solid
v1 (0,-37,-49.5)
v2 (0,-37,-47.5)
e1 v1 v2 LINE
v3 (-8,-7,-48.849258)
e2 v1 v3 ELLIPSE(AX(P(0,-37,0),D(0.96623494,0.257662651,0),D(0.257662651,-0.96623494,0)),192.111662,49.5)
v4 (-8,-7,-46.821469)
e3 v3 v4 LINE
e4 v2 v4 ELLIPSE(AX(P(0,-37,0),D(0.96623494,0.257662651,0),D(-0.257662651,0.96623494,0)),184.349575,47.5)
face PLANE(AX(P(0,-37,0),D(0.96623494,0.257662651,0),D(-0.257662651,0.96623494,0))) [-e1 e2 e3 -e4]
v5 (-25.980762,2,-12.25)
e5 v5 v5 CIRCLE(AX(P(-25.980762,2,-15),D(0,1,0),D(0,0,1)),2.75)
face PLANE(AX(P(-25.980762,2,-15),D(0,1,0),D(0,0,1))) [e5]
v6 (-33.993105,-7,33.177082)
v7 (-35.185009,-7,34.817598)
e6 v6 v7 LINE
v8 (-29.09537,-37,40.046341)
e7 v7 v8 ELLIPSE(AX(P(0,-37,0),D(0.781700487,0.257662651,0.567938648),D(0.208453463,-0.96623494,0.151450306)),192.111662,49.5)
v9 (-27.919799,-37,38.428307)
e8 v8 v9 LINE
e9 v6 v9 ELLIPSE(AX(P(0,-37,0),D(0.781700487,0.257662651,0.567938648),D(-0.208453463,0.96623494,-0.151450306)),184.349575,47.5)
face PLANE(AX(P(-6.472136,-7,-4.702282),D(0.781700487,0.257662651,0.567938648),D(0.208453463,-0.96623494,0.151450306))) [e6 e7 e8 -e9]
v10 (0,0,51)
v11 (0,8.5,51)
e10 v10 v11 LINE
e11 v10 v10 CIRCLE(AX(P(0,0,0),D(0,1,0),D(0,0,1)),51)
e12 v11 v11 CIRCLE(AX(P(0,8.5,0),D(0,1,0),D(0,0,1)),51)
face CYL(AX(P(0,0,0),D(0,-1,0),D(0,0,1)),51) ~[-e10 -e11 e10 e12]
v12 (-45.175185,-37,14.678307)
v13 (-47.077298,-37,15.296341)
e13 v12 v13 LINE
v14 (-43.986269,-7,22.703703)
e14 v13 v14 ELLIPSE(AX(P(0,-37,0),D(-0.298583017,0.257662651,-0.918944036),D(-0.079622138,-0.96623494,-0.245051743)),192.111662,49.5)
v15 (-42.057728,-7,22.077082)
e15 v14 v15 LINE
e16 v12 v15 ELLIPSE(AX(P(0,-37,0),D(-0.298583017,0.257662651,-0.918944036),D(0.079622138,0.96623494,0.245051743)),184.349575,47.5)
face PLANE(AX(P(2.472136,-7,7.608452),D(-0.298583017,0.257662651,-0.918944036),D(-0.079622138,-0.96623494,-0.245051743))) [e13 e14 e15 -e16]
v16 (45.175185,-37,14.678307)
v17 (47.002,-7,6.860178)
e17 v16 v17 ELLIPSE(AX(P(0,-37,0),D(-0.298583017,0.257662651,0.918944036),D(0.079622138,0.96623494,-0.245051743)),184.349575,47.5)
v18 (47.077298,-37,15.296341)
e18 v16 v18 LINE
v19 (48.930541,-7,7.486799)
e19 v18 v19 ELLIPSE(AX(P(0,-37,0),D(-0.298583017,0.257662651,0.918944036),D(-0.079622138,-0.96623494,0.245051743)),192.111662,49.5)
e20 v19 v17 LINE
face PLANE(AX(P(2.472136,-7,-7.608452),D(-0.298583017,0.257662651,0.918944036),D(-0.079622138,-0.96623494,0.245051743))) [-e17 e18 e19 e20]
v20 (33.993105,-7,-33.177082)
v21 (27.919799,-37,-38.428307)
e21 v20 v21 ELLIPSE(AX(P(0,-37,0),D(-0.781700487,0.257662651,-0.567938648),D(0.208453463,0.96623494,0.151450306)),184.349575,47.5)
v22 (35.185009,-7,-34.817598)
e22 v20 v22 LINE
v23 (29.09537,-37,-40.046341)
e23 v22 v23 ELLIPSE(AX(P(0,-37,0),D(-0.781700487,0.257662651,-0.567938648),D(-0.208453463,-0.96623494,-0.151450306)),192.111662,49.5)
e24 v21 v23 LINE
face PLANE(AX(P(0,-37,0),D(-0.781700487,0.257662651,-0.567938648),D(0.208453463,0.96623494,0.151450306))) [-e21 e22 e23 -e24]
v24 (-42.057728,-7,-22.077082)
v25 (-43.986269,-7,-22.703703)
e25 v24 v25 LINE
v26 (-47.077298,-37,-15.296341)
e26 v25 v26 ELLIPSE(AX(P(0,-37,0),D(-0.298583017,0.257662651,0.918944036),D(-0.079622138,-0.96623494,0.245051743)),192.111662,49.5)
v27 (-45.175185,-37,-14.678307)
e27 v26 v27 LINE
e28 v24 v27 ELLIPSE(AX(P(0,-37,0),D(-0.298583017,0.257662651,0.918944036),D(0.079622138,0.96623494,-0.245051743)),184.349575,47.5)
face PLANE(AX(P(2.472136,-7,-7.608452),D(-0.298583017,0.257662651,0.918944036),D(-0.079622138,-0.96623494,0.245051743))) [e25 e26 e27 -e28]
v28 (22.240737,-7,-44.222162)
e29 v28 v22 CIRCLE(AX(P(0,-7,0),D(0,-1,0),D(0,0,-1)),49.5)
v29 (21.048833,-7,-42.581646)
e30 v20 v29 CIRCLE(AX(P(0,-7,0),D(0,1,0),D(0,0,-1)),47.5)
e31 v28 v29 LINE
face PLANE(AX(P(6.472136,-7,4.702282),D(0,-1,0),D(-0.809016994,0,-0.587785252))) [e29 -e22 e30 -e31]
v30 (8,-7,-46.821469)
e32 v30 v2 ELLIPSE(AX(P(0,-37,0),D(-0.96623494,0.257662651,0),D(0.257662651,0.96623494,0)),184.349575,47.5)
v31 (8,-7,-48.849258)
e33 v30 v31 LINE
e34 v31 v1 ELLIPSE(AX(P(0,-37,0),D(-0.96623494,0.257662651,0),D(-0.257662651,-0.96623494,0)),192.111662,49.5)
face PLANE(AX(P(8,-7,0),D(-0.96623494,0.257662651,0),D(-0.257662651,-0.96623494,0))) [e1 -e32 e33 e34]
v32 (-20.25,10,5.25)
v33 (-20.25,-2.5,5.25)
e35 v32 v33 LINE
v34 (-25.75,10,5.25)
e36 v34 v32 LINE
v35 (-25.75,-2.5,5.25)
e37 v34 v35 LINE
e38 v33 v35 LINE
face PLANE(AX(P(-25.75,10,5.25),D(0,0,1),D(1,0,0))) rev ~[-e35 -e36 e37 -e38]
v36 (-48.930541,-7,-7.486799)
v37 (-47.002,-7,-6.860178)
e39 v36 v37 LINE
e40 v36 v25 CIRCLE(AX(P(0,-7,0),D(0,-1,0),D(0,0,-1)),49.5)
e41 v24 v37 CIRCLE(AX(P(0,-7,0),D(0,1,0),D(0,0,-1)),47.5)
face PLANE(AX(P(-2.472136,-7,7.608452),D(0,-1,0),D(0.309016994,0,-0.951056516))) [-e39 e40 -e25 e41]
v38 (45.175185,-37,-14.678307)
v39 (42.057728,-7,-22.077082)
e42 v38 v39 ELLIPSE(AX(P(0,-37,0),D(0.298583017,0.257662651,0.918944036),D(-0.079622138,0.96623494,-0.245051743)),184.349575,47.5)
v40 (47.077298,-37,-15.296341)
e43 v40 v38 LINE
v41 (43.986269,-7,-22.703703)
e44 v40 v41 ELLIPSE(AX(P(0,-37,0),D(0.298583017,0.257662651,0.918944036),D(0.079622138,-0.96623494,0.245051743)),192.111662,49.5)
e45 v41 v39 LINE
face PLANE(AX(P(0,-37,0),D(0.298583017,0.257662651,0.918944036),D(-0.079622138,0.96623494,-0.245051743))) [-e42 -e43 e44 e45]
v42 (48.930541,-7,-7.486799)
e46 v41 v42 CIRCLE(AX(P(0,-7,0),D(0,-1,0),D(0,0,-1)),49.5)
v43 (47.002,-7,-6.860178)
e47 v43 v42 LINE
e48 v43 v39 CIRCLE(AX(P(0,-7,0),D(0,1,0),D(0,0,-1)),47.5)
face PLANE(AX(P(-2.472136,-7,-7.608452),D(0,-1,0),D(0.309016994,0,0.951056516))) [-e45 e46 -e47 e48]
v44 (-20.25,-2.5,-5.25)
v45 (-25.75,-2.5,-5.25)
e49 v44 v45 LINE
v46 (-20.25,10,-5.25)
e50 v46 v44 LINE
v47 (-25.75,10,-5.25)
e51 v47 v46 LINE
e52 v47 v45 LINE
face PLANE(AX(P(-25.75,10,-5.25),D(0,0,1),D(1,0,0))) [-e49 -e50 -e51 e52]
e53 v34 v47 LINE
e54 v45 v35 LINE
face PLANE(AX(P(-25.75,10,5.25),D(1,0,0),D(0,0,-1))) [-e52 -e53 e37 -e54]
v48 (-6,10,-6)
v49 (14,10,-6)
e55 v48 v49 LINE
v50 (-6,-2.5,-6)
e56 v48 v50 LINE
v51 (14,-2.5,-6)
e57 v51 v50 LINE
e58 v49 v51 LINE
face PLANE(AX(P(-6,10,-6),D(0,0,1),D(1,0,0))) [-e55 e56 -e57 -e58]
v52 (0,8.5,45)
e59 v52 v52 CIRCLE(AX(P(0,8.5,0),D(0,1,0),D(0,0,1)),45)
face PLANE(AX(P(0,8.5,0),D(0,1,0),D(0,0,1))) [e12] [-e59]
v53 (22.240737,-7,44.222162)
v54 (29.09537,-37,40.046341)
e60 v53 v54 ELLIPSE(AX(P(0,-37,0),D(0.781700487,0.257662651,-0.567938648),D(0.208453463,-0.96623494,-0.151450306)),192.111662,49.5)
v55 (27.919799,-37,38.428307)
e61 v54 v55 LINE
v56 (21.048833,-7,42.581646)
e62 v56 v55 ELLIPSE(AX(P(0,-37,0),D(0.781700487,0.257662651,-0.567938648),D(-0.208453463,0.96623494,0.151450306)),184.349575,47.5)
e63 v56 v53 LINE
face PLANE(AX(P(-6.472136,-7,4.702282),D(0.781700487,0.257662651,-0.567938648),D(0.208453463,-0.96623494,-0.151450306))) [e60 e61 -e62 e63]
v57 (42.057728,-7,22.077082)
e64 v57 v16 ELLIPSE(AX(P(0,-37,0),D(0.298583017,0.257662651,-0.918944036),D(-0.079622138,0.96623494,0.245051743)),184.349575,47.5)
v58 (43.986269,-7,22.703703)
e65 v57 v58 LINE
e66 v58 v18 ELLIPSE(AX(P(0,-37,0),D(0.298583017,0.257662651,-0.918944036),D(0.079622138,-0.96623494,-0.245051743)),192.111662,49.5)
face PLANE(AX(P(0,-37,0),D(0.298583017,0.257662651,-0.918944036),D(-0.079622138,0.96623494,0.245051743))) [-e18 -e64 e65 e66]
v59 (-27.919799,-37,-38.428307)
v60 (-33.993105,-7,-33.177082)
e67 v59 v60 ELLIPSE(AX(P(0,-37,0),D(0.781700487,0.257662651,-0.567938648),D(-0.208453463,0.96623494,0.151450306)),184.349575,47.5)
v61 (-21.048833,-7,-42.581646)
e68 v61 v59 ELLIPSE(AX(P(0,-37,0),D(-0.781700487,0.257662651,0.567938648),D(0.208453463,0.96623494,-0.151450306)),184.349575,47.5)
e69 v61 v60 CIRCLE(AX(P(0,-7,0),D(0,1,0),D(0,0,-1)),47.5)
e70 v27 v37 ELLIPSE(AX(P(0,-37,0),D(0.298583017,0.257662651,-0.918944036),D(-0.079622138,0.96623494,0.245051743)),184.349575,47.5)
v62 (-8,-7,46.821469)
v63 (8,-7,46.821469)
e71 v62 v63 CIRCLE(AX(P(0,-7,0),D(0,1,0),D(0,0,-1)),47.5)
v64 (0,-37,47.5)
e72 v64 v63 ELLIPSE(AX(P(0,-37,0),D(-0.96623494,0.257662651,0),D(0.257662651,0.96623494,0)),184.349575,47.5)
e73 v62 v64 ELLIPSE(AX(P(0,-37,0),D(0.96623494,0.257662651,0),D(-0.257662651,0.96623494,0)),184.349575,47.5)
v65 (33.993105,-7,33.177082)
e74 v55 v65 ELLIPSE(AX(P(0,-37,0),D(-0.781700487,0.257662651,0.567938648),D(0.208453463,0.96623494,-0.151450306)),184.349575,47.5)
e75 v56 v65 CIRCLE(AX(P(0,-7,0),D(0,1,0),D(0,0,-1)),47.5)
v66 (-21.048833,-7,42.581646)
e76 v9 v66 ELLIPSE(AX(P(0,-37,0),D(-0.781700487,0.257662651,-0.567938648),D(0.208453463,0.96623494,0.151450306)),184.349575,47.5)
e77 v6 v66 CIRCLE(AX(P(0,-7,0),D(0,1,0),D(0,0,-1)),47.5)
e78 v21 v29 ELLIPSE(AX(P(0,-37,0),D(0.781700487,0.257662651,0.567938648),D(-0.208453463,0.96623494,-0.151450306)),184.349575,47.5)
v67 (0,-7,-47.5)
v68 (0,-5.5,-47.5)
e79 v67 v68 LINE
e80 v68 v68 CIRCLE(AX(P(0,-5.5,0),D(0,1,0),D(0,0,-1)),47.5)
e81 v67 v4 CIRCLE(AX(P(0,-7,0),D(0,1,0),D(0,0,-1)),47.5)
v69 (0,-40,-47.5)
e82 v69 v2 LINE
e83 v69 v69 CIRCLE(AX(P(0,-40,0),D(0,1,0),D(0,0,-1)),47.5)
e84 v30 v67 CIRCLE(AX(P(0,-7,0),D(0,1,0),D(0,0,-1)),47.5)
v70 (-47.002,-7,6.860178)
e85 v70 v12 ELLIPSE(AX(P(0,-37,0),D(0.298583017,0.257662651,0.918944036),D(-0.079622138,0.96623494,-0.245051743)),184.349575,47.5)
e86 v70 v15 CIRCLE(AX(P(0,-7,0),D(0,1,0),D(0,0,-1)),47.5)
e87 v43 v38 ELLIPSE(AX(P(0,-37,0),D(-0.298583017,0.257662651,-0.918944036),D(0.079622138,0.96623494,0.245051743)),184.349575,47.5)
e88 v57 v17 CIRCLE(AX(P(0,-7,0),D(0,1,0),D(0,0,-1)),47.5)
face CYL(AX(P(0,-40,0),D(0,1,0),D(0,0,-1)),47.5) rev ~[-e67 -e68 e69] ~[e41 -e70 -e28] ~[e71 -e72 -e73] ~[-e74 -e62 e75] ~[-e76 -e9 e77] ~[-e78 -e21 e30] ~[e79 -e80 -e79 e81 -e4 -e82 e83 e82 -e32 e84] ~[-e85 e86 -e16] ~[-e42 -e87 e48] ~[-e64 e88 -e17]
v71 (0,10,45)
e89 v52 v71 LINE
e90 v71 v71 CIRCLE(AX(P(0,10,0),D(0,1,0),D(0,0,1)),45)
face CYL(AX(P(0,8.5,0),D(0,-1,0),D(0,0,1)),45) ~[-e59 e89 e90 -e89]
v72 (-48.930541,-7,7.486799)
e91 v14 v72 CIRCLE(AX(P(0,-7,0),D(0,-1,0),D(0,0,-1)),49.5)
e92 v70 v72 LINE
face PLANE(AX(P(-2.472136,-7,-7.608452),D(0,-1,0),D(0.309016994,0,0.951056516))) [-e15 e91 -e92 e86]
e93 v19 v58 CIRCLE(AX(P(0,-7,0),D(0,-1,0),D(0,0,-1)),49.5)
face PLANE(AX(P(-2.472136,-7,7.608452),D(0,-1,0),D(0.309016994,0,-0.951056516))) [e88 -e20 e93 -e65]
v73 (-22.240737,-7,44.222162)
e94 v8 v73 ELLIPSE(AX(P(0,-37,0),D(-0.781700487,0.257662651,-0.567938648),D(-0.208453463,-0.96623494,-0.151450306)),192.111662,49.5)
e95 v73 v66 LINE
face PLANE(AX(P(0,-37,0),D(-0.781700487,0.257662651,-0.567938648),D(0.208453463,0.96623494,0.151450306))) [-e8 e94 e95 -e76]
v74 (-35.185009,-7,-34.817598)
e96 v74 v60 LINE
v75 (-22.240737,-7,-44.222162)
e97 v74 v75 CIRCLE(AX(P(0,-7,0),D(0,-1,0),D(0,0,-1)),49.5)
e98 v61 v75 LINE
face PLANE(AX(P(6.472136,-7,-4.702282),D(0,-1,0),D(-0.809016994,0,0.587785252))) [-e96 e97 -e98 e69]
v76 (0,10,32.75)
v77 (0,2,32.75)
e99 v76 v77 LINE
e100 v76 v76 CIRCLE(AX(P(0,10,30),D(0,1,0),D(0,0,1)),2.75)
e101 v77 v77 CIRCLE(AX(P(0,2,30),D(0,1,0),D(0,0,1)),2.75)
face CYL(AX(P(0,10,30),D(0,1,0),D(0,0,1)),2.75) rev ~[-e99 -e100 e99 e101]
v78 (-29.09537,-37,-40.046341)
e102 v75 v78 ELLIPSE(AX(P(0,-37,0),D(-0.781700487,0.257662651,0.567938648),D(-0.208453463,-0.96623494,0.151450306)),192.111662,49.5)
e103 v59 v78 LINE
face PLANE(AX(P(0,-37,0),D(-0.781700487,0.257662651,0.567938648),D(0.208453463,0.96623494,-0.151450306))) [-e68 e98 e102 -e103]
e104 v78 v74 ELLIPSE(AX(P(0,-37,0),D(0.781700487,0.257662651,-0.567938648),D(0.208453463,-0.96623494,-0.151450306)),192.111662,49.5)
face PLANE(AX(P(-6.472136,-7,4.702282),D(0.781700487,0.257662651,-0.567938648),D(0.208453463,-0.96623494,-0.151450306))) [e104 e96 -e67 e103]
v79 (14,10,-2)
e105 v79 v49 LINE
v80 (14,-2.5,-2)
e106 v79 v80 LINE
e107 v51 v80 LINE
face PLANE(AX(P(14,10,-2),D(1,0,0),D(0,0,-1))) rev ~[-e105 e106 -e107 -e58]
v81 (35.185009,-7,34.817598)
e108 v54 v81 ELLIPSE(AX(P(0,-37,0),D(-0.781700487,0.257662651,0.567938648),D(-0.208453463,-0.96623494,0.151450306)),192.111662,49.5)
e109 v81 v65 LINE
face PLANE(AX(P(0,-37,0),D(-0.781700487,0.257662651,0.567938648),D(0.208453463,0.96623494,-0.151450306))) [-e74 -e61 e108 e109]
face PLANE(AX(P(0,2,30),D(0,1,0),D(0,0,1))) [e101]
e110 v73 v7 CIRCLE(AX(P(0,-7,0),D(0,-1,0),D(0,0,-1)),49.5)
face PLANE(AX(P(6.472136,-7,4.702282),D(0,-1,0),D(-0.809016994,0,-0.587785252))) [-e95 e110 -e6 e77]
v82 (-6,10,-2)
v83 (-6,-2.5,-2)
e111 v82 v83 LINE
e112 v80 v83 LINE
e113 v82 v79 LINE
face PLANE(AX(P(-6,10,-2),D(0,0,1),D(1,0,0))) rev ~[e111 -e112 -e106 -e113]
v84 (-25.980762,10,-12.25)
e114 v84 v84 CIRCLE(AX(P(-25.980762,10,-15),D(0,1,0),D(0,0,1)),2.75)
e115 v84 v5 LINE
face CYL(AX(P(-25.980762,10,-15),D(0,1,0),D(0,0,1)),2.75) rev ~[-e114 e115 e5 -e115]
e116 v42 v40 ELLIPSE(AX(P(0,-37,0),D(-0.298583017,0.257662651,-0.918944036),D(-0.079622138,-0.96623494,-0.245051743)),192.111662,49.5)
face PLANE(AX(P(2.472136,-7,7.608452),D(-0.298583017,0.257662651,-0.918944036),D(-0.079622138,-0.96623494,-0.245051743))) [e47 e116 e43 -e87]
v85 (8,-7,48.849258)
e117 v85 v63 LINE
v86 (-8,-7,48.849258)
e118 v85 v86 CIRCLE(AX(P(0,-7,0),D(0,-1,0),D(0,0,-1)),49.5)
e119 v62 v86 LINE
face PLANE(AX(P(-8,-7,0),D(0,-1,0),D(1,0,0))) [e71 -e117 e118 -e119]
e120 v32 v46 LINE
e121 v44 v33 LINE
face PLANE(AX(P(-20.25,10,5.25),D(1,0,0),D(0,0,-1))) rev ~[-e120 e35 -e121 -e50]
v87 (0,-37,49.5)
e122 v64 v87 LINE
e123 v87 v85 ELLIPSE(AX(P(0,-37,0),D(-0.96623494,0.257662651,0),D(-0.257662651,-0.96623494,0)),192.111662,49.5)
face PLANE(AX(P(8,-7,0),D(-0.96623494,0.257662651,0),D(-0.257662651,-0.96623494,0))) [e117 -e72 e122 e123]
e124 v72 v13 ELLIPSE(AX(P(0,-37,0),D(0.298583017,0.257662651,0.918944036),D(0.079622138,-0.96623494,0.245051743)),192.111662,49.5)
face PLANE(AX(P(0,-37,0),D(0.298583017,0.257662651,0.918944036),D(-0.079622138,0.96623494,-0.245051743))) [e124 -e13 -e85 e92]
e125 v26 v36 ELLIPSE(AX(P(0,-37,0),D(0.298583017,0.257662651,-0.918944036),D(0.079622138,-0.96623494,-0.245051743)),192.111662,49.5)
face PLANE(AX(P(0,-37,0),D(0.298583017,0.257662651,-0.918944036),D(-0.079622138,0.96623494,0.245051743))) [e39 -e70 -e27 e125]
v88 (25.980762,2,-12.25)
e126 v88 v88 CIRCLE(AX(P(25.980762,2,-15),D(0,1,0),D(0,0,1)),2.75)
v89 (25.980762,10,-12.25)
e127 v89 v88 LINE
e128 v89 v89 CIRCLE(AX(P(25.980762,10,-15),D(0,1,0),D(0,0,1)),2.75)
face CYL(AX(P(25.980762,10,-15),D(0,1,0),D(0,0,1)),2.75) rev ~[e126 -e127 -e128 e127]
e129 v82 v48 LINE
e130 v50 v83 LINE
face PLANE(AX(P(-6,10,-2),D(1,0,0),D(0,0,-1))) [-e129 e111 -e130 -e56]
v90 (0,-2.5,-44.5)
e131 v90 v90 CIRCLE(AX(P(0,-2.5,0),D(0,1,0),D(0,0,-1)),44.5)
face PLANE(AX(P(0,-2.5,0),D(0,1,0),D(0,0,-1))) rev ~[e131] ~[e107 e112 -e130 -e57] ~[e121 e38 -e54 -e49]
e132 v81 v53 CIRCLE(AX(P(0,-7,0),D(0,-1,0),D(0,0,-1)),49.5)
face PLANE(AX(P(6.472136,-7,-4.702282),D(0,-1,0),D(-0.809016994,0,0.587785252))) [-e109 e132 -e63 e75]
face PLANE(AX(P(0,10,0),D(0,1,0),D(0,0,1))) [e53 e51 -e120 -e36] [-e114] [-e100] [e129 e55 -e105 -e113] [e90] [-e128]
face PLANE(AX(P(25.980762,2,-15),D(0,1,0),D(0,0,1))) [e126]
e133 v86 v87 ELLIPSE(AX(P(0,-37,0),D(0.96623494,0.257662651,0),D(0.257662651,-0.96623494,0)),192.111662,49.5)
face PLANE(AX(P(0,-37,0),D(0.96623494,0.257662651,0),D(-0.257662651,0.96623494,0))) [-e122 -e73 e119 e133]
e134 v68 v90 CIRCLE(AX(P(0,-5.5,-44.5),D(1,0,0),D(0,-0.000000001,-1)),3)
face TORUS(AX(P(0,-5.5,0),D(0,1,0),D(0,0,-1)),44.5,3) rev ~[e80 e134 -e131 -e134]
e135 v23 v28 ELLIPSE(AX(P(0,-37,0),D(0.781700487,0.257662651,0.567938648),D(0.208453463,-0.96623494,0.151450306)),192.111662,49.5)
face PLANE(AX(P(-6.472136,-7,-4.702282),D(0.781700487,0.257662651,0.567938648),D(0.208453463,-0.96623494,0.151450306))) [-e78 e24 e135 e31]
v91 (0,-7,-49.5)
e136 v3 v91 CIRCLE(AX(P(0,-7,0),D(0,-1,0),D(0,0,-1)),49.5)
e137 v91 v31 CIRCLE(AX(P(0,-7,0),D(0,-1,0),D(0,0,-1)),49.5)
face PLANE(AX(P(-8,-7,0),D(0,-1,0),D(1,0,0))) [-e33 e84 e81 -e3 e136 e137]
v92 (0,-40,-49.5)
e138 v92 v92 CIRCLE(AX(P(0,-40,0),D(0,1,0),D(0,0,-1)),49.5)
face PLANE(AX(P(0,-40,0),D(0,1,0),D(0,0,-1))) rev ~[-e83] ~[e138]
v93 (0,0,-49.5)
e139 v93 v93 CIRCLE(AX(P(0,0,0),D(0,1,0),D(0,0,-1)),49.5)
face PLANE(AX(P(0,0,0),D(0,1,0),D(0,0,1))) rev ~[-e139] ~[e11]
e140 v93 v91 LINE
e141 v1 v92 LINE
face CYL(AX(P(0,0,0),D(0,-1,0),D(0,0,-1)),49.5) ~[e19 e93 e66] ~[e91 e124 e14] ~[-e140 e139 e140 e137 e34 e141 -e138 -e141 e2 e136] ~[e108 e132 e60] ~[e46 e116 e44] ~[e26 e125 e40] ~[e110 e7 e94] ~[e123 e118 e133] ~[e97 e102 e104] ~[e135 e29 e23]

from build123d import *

# Parameters (mm, degrees)
CUT_EXTRUDE_578_DEPTH      = 70.85
PATTERN_CIRCULAR_632_COUNT = 5
SKETCH_7_R                 = 51
EXTRUDE_1_DEPTH            = 10
CUT_EXTRUDE_START          = -1.5
SKETCH_8_R                 = 51
SKETCH_8_R_2               = 45
CUT_EXTRUDE_1_DEPTH        = 1.5
SKETCH_10_R                = 2.75
CUT_EXTRUDE_5_DEPTH        = 8
CUT_EXTRUDE_6_REACH        = 89.761
SKETCH_11_W                = 20
SKETCH_11_H                = 4
SKETCH_11_W_2              = 5.5
SKETCH_11_H_2              = 10.5


with BuildPart() as part:
    # Эскиз2 → Revolve 375 (revolve)
    with BuildSketch(Plane.XY, mode=Mode.PRIVATE) as revolve_375_sk:
        with BuildLine():
            Line((0, 0), (-49.5, 0))
            Line((-49.5, 0), (-49.5, -40))
            Line((-49.5, -40), (-47.5, -40))
            Line((-47.5, -40), (-47.5, -5.5))
            ThreePointArc((-47.5, -5.5), (-46.621320344, -3.378679656), (-44.5, -2.5))
            Line((-44.5, -2.5), (0, -2.5))
            Line((0, -2.5), (0, 0))
        make_face()
    revolve(revolve_375_sk.sketch.rotate(Axis((0, 0, 0), (0, 1, 0)), 270), axis=Axis((0, 0, 0), (0, 1, 0)))

    # Эскиз4 → Cut-Extrude 578 (cut, symmetric)
    with BuildSketch(Plane.XY):
        Polygon((-8, -7), (8, -7), (0, -37), align=None)
    cut_extrude_578 = extrude(amount=CUT_EXTRUDE_578_DEPTH, both=True, mode=Mode.SUBTRACT)

    # Pattern Circular 632: Cut-Extrude 578 ×5 about axis
    pattern_circular_632_axis = Axis((0, 0, 0), (0, 1, 0))
    for i in range(1, PATTERN_CIRCULAR_632_COUNT):
        add(cut_extrude_578.rotate(pattern_circular_632_axis, i * 360 / PATTERN_CIRCULAR_632_COUNT), mode=Mode.SUBTRACT)

    # Эскиз7 → Бобышка-Вытянуть1 (add)
    with BuildSketch(Plane(origin=(0, 0, 0), x_dir=(1, 0, 0), z_dir=(0, 1, 0))):
        with Locations(Location((0, 0, 0), (0, 0, 270))):
            Circle(SKETCH_7_R)
    extrude(amount=EXTRUDE_1_DEPTH)

    # Эскиз8 → Вырез-Вытянуть1 (cut)
    with BuildSketch(Plane(origin=(0, 10, 0), x_dir=(1, 0, 0), z_dir=(0, 1, 0)).offset(CUT_EXTRUDE_START)):
        with Locations(Location((0, 0, 0), (0, 0, 270))):
            Circle(SKETCH_8_R)
        with Locations(Location((0, 0, 0), (0, 0, 270))):
            Circle(SKETCH_8_R_2, mode=Mode.SUBTRACT)
    extrude(amount=CUT_EXTRUDE_1_DEPTH, mode=Mode.SUBTRACT)

    # Эскиз10 → Вырез-Вытянуть5 (cut)
    with BuildSketch(Plane(origin=(0, 10, 0), x_dir=(1, 0, 0), z_dir=(0, 1, 0))):
        with Locations(Location((0, -30, 0), (0, 0, 270))):
            Circle(SKETCH_10_R)
        with Locations(Location((-25.980762114, 15, 0), (0, 0, 270))):
            Circle(SKETCH_10_R)
        with Locations(Location((25.980762114, 15, 0), (0, 0, 270))):
            Circle(SKETCH_10_R)
    extrude(amount=-CUT_EXTRUDE_5_DEPTH, mode=Mode.SUBTRACT)

    # Эскиз11 → Вырез-Вытянуть6 (cut, up to next)
    with BuildSketch(Plane(origin=(0, 10, 0), x_dir=(1, 0, 0), z_dir=(0, 1, 0)), mode=Mode.PRIVATE) as cut_extrude_6_sk1:
        with Locations((4, 4)):
            Rectangle(SKETCH_11_W, SKETCH_11_H)
    cut_extrude_6_tool1 = extrude(cut_extrude_6_sk1.sketch, amount=-CUT_EXTRUDE_6_REACH, mode=Mode.PRIVATE) & part.part
    # Эскиз11 → Вырез-Вытянуть6 (cut, up to next)
    with BuildSketch(Plane(origin=(0, 10, 0), x_dir=(1, 0, 0), z_dir=(0, 1, 0)), mode=Mode.PRIVATE) as cut_extrude_6_sk2:
        with Locations((-23, 0)):
            Rectangle(SKETCH_11_W_2, SKETCH_11_H_2)
    cut_extrude_6_tool2 = extrude(cut_extrude_6_sk2.sketch, amount=-CUT_EXTRUDE_6_REACH, mode=Mode.PRIVATE) & part.part
    add(cut_extrude_6_tool1.solids().sort_by_distance((4, 10, -4))[0], mode=Mode.SUBTRACT)
    add(cut_extrude_6_tool2.solids().sort_by_distance((-23, 10, 0))[0], mode=Mode.SUBTRACT)


solid = part.part
